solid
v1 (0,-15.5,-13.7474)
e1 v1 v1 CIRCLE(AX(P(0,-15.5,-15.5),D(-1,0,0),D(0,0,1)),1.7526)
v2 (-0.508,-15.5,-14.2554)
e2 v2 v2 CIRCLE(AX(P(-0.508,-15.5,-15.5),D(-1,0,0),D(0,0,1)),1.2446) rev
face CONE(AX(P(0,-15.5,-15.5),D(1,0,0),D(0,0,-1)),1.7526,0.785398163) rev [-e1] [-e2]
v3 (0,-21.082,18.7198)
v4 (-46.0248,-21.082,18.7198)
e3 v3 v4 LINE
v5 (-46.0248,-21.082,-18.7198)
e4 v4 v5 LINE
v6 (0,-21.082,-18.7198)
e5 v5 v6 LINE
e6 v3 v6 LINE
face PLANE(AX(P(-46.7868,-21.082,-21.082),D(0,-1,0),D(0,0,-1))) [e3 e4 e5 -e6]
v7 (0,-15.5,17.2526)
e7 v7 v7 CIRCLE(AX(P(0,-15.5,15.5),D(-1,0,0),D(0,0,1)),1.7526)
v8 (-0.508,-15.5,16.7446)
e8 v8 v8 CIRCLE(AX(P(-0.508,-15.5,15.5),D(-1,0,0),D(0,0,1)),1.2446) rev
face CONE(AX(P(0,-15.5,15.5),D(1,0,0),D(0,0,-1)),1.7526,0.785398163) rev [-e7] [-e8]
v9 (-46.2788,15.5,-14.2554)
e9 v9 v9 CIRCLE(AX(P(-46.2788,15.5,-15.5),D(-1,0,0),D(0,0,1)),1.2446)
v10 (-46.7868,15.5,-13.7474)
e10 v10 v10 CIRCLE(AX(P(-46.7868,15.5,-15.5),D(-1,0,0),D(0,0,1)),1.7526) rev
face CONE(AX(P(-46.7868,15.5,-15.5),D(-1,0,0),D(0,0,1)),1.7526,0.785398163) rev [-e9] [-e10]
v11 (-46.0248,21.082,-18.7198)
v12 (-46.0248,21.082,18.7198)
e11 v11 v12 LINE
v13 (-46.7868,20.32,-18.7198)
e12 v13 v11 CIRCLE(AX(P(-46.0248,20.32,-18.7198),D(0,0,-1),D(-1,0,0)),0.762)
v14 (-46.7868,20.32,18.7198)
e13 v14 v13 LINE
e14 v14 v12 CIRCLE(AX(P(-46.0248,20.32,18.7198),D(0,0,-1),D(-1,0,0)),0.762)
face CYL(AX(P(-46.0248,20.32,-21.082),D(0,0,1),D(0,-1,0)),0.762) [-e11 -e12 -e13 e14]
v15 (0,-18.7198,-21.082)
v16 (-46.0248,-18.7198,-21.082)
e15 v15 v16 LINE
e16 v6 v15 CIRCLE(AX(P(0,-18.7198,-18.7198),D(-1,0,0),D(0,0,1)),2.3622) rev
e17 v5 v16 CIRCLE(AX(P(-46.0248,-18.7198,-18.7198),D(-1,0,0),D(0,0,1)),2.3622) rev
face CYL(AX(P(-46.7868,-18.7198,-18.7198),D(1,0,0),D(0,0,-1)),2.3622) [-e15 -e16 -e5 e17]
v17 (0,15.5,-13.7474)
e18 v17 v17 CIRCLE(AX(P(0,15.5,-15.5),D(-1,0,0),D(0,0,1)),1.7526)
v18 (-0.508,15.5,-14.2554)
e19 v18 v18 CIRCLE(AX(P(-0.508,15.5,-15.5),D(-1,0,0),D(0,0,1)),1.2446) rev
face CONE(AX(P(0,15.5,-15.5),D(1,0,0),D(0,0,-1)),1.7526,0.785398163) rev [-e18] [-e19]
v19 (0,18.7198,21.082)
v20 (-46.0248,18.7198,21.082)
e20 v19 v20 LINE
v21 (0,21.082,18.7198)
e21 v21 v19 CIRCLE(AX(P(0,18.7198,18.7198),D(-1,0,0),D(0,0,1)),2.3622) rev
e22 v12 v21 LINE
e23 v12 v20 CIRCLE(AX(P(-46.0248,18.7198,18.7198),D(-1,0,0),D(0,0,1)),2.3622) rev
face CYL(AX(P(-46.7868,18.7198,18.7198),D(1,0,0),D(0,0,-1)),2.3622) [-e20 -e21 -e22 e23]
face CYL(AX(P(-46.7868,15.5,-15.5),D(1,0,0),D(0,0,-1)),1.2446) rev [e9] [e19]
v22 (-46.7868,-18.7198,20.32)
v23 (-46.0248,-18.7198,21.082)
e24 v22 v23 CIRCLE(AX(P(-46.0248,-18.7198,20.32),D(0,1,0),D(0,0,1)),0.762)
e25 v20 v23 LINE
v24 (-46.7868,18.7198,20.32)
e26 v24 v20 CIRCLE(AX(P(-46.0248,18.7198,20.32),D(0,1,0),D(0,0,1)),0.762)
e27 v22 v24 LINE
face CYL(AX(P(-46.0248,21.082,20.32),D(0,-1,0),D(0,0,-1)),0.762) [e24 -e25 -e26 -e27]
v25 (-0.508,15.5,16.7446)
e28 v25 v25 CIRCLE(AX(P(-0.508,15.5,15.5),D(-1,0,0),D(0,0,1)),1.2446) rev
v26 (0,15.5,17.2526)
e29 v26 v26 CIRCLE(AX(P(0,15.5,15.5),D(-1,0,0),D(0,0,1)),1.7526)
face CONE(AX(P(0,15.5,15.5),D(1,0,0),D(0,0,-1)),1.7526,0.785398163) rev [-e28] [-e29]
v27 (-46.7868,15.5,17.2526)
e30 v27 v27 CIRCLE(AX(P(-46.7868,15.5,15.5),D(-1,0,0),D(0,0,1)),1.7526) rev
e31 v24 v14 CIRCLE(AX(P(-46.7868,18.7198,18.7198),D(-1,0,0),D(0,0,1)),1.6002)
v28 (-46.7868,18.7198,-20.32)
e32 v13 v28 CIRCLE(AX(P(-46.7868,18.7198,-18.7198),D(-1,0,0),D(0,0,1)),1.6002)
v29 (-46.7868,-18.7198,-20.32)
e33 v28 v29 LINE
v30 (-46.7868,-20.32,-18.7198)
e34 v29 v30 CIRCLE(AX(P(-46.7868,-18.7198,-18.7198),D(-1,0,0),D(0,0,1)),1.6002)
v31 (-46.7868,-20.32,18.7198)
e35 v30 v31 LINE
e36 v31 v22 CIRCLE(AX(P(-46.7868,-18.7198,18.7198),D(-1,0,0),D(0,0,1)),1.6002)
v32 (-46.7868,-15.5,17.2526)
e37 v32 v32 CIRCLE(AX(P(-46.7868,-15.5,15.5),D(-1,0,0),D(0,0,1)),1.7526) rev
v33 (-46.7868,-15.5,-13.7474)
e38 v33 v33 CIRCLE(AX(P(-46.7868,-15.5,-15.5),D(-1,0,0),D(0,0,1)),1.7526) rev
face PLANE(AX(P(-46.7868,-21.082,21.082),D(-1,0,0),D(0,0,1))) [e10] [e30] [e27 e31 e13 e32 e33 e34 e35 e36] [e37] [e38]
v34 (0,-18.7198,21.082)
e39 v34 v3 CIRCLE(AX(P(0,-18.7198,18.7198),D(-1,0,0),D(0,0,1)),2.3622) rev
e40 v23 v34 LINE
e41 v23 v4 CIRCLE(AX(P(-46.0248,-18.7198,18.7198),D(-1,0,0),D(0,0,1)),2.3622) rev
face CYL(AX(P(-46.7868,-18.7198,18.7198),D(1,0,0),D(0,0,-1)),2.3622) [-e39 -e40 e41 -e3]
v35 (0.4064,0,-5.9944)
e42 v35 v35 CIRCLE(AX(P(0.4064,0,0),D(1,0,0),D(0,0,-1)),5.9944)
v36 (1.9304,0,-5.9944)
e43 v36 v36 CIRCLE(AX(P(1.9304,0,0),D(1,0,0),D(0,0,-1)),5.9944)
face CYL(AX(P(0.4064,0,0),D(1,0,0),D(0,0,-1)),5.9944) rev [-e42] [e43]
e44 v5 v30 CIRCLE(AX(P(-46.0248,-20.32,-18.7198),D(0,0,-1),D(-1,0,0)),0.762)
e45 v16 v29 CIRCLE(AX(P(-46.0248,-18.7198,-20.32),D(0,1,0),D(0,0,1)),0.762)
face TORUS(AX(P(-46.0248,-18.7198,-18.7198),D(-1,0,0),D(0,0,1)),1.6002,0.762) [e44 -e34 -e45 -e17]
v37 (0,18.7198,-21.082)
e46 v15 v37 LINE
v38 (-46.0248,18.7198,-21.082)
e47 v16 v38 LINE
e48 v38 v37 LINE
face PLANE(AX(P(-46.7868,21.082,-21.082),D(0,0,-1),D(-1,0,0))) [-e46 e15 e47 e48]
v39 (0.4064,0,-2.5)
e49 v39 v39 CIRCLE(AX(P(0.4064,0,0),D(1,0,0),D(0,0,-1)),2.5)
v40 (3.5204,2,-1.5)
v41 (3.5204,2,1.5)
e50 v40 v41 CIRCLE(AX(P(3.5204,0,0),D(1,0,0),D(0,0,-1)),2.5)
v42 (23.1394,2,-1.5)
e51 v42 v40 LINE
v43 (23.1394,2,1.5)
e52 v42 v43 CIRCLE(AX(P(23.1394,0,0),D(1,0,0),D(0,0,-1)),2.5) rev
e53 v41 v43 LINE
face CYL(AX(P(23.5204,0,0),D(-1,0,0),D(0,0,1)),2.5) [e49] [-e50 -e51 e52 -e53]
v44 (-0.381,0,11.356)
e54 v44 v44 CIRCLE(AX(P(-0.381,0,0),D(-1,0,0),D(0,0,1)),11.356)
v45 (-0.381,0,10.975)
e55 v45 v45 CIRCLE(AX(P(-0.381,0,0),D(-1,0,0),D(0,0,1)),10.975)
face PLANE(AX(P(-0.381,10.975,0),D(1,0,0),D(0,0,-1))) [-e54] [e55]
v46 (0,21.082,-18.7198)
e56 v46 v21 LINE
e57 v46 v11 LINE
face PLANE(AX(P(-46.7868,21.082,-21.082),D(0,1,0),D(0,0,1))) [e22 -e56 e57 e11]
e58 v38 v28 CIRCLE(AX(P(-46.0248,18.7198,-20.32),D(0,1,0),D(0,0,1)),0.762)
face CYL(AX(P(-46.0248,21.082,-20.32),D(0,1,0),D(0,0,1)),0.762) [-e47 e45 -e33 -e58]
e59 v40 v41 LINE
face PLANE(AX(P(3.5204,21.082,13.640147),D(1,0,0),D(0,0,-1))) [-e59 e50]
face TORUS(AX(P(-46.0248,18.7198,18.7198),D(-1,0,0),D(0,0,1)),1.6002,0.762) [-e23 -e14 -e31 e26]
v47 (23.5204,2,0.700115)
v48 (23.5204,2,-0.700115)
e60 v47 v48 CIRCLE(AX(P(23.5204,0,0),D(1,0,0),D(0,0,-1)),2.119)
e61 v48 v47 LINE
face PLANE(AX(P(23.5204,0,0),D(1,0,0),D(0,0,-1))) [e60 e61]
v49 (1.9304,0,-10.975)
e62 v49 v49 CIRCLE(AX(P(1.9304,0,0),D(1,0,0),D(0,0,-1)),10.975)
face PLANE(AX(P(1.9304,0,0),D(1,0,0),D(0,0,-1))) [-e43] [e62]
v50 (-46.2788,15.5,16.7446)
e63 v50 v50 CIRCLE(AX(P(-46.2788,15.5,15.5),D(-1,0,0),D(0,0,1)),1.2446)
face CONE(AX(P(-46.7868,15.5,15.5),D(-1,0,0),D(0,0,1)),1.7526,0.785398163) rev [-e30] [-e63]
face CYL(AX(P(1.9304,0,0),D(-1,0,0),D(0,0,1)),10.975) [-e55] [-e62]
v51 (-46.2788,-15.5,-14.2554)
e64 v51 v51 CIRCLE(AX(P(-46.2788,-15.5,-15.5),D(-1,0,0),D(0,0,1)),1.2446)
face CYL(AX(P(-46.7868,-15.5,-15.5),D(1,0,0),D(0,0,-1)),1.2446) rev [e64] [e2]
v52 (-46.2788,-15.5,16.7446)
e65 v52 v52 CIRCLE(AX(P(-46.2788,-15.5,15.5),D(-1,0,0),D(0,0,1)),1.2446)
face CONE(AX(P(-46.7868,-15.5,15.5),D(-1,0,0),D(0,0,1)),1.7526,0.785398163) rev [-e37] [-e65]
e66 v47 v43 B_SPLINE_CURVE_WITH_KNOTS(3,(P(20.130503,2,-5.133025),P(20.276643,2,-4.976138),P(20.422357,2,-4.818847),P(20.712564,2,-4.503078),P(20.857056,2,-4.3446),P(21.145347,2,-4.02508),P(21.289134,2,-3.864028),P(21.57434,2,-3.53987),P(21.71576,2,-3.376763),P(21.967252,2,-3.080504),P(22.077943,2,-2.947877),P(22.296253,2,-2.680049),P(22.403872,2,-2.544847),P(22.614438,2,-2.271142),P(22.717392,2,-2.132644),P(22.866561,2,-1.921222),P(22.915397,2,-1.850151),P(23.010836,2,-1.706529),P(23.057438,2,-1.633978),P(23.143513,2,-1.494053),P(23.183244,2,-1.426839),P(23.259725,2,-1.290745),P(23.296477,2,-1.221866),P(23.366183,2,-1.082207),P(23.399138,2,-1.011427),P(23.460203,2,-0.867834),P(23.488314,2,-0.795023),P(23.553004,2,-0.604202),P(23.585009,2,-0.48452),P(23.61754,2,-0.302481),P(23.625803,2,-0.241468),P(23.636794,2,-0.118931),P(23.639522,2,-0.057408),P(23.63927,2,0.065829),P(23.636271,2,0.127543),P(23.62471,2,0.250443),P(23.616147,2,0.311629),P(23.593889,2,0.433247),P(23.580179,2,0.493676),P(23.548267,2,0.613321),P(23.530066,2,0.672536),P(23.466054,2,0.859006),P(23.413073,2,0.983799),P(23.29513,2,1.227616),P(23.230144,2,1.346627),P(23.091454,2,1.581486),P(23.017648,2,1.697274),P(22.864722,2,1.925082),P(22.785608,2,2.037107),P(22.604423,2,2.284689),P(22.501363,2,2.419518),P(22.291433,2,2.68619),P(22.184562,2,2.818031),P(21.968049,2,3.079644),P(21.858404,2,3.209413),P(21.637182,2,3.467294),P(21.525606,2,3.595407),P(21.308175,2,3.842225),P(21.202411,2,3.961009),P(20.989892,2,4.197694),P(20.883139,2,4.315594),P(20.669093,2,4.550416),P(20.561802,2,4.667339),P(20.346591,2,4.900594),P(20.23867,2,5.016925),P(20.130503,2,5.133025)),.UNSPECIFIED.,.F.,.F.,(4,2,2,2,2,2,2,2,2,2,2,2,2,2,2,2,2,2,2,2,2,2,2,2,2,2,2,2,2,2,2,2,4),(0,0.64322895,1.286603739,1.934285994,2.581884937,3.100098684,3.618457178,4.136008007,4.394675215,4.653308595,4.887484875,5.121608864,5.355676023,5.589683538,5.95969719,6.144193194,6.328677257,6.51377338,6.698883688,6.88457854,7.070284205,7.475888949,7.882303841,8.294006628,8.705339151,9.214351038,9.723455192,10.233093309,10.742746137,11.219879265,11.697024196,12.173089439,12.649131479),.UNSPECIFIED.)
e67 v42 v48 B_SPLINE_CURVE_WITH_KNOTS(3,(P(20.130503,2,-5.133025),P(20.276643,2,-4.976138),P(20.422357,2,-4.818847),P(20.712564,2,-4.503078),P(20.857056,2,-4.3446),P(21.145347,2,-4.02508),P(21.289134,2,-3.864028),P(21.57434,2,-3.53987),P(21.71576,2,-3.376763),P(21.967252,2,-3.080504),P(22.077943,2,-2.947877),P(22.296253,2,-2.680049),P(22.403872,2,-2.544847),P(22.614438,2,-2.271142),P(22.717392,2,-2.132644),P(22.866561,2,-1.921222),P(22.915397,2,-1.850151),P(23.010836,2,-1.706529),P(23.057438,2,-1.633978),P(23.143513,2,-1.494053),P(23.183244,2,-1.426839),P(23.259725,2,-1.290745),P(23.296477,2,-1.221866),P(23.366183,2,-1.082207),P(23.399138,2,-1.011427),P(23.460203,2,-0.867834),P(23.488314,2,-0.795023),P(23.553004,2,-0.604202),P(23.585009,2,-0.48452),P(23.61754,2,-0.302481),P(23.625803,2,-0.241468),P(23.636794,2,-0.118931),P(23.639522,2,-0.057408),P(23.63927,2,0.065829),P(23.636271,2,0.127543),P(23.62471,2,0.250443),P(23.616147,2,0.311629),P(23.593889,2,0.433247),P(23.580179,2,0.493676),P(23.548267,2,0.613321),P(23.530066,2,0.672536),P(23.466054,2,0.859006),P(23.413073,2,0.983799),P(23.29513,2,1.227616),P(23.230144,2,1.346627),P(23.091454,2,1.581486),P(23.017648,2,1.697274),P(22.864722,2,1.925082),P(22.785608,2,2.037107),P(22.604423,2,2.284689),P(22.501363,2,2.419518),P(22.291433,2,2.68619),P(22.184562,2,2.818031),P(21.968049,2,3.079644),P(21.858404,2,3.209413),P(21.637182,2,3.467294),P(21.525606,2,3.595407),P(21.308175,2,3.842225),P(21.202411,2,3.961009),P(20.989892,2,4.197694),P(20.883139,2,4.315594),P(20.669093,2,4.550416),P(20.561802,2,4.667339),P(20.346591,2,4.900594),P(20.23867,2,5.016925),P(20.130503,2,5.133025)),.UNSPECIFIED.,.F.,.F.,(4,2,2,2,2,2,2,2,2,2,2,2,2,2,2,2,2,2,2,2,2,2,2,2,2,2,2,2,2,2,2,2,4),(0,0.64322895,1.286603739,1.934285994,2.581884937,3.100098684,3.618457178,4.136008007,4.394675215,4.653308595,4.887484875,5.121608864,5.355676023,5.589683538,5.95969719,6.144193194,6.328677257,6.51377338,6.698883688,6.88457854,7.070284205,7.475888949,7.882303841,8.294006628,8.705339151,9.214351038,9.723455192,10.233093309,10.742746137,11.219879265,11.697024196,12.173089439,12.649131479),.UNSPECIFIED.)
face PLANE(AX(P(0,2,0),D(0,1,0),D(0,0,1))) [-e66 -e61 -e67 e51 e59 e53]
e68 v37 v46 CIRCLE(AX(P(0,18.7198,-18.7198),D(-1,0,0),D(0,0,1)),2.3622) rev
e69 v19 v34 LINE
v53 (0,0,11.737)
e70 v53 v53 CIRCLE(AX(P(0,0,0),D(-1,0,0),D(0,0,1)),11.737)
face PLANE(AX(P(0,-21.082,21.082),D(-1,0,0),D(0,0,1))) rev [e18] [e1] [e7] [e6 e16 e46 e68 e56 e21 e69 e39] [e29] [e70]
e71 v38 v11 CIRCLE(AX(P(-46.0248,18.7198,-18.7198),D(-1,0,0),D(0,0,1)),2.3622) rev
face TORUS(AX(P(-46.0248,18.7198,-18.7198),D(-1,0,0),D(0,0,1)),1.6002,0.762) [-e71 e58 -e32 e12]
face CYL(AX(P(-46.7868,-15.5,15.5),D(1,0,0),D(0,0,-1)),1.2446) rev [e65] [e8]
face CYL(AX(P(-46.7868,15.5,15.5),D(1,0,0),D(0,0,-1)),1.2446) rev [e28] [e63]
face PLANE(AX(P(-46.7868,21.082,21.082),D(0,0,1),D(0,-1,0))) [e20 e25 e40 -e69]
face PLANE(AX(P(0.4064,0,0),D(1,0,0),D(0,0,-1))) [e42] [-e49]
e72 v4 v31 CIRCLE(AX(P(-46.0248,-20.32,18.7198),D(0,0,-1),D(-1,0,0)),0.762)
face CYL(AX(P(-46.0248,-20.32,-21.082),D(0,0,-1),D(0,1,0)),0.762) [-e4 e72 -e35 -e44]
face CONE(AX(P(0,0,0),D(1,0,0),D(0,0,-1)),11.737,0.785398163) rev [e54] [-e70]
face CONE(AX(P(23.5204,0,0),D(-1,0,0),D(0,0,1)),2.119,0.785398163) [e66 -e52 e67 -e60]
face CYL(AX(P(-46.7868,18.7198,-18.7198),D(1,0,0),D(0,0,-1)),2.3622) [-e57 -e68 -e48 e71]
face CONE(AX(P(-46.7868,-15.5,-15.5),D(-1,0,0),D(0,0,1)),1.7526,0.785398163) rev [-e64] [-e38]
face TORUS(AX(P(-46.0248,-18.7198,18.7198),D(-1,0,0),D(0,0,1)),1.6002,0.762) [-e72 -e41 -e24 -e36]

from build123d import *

# Parameters (mm, degrees)
SKETCH1_W               = 42.164
SKETCH1_H               = 42.164
BOSS_EXTRUDE1_DEPTH     = 46.7868
FILLET1_R               = 2.3622
SKETCH2_R               = 10.975
BOSS_EXTRUDE2_DEPTH     = 1.9304
SKETCH3_R               = 2.5
BOSS_EXTRUDE3_DEPTH     = 21.59
CHAMFER1_SIZE           = 0.381
SKETCH18_R              = 5.9944
SKETCH18_R_2            = 2.5
CUT_EXTRUDE8_DEPTH      = 1.524
SKETCH5_R               = 1.2446
CUT_EXTRUDE1_DEPTH      = 29.6004
CUT_EXTRUDE1_DEPTH_BACK = 42.7068
FILLET4_R               = 0.762
CHAMFER3_SIZE           = 0.508
SKETCH19_W              = 40
SKETCH19_H              = 27.280293062
CUT_EXTRUDE9_DEPTH      = 20.082


with BuildPart() as part:
    # Sketch1 → Boss-Extrude1 (new body)
    with BuildSketch(Plane(origin=(0, 0, 0), x_dir=(0, 0, -1), z_dir=(1, 0, 0))):
        Rectangle(SKETCH1_W, SKETCH1_H)
    extrude(amount=-BOSS_EXTRUDE1_DEPTH)

    # Fillet1
    fillet1_edges = [part.edges().sort_by_distance(p)[0] for p in [
        (-23.3934, 21.082, 21.082),
        (-23.3934, 21.082, -21.082),
        (-23.3934, -21.082, -21.082),
        (-23.3934, -21.082, 21.082),
    ]]
    fillet(fillet1_edges, radius=FILLET1_R)

    # Sketch2 → Boss-Extrude2 (add)
    with BuildSketch(Plane(origin=(0, 0, 0), x_dir=(0, 0, -1), z_dir=(1, 0, 0))):
        Circle(SKETCH2_R)
    extrude(amount=BOSS_EXTRUDE2_DEPTH)

    # Sketch10 → Cut-Revolve1 (revolve, cut)
    with BuildSketch(Plane.XY):
        Polygon((0, 10.975), (-0.381, 10.975), (-0.381, 11.356), (0, 11.737), align=None)
    revolve(axis=Axis((0, 0, 0), (1, 0, 0)), mode=Mode.SUBTRACT)

    # Sketch3 → Boss-Extrude3 (add)
    with BuildSketch(Plane(origin=(1.9304, 0, 0), x_dir=(0, 0, -1), z_dir=(1, 0, 0))):
        Circle(SKETCH3_R)
    extrude(amount=BOSS_EXTRUDE3_DEPTH)

    # Chamfer1
    chamfer1_edges = [part.edges().sort_by_distance(p)[0] for p in [
        (23.5204, 0, 2.5),
    ]]
    chamfer(chamfer1_edges, length=CHAMFER1_SIZE)

    # Sketch18 → Cut-Extrude8 (cut)
    with BuildSketch(Plane(origin=(1.9304, 0, 0), x_dir=(0, 0, -1), z_dir=(1, 0, 0))):
        Circle(SKETCH18_R)
        Circle(SKETCH18_R_2, mode=Mode.SUBTRACT)
    extrude(amount=-CUT_EXTRUDE8_DEPTH, mode=Mode.SUBTRACT)

    # Sketch5 → Cut-Extrude1 (cut, two sides)
    with BuildSketch(Plane(origin=(-5.08, 0, 0), x_dir=(0, 0, -1), z_dir=(1, 0, 0))) as cut_extrude1_sk:
        with Locations((-15.5, 15.5)):
            Circle(SKETCH5_R)
        with Locations((-15.5, -15.5)):
            Circle(SKETCH5_R)
        with Locations((15.5, -15.5)):
            Circle(SKETCH5_R)
        with Locations((15.5, 15.5)):
            Circle(SKETCH5_R)
    extrude(amount=CUT_EXTRUDE1_DEPTH, mode=Mode.SUBTRACT)
    extrude(cut_extrude1_sk.sketch, amount=-CUT_EXTRUDE1_DEPTH_BACK, mode=Mode.SUBTRACT)

    # Fillet4
    fillet4_edges = [part.edges().sort_by_distance(p)[0] for p in [
        (-46.7868, -21.082, 0),
        (-46.7868, 0, -21.082),
        (-46.7868, 0, 21.082),
        (-46.7868, 21.082, 0),
        (-46.7868, 20.390127639, 20.390127639),
        (-46.7868, -20.390127639, 20.390127639),
        (-46.7868, 20.390127639, -20.390127639),
        (-46.7868, -20.390127639, -20.390127639),
    ]]
    fillet(fillet4_edges, radius=FILLET4_R)

    # Chamfer3
    chamfer3_edges = [part.edges().sort_by_distance(p)[0] for p in [
        (-46.7868, 15.5, 16.7446),
        (0, 15.5, 16.7446),
        (-46.7868, -15.5, 16.7446),
        (0, -15.5, 16.7446),
        (-46.7868, -15.5, -14.2554),
        (0, -15.5, -14.2554),
        (-46.7868, 15.5, -14.2554),
        (0, 15.5, -14.2554),
    ]]
    chamfer(chamfer3_edges, length=CHAMFER3_SIZE)

    # Sketch19 → Cut-Extrude9 (cut, through all)
    with BuildSketch(Plane(origin=(0, 2, 0), x_dir=(1, 0, 0), z_dir=(0, 1, 0))):
        with Locations((23.5204, 0)):
            Rectangle(SKETCH19_W, SKETCH19_H)
    extrude(amount=CUT_EXTRUDE9_DEPTH, mode=Mode.SUBTRACT)


solid = part.part
